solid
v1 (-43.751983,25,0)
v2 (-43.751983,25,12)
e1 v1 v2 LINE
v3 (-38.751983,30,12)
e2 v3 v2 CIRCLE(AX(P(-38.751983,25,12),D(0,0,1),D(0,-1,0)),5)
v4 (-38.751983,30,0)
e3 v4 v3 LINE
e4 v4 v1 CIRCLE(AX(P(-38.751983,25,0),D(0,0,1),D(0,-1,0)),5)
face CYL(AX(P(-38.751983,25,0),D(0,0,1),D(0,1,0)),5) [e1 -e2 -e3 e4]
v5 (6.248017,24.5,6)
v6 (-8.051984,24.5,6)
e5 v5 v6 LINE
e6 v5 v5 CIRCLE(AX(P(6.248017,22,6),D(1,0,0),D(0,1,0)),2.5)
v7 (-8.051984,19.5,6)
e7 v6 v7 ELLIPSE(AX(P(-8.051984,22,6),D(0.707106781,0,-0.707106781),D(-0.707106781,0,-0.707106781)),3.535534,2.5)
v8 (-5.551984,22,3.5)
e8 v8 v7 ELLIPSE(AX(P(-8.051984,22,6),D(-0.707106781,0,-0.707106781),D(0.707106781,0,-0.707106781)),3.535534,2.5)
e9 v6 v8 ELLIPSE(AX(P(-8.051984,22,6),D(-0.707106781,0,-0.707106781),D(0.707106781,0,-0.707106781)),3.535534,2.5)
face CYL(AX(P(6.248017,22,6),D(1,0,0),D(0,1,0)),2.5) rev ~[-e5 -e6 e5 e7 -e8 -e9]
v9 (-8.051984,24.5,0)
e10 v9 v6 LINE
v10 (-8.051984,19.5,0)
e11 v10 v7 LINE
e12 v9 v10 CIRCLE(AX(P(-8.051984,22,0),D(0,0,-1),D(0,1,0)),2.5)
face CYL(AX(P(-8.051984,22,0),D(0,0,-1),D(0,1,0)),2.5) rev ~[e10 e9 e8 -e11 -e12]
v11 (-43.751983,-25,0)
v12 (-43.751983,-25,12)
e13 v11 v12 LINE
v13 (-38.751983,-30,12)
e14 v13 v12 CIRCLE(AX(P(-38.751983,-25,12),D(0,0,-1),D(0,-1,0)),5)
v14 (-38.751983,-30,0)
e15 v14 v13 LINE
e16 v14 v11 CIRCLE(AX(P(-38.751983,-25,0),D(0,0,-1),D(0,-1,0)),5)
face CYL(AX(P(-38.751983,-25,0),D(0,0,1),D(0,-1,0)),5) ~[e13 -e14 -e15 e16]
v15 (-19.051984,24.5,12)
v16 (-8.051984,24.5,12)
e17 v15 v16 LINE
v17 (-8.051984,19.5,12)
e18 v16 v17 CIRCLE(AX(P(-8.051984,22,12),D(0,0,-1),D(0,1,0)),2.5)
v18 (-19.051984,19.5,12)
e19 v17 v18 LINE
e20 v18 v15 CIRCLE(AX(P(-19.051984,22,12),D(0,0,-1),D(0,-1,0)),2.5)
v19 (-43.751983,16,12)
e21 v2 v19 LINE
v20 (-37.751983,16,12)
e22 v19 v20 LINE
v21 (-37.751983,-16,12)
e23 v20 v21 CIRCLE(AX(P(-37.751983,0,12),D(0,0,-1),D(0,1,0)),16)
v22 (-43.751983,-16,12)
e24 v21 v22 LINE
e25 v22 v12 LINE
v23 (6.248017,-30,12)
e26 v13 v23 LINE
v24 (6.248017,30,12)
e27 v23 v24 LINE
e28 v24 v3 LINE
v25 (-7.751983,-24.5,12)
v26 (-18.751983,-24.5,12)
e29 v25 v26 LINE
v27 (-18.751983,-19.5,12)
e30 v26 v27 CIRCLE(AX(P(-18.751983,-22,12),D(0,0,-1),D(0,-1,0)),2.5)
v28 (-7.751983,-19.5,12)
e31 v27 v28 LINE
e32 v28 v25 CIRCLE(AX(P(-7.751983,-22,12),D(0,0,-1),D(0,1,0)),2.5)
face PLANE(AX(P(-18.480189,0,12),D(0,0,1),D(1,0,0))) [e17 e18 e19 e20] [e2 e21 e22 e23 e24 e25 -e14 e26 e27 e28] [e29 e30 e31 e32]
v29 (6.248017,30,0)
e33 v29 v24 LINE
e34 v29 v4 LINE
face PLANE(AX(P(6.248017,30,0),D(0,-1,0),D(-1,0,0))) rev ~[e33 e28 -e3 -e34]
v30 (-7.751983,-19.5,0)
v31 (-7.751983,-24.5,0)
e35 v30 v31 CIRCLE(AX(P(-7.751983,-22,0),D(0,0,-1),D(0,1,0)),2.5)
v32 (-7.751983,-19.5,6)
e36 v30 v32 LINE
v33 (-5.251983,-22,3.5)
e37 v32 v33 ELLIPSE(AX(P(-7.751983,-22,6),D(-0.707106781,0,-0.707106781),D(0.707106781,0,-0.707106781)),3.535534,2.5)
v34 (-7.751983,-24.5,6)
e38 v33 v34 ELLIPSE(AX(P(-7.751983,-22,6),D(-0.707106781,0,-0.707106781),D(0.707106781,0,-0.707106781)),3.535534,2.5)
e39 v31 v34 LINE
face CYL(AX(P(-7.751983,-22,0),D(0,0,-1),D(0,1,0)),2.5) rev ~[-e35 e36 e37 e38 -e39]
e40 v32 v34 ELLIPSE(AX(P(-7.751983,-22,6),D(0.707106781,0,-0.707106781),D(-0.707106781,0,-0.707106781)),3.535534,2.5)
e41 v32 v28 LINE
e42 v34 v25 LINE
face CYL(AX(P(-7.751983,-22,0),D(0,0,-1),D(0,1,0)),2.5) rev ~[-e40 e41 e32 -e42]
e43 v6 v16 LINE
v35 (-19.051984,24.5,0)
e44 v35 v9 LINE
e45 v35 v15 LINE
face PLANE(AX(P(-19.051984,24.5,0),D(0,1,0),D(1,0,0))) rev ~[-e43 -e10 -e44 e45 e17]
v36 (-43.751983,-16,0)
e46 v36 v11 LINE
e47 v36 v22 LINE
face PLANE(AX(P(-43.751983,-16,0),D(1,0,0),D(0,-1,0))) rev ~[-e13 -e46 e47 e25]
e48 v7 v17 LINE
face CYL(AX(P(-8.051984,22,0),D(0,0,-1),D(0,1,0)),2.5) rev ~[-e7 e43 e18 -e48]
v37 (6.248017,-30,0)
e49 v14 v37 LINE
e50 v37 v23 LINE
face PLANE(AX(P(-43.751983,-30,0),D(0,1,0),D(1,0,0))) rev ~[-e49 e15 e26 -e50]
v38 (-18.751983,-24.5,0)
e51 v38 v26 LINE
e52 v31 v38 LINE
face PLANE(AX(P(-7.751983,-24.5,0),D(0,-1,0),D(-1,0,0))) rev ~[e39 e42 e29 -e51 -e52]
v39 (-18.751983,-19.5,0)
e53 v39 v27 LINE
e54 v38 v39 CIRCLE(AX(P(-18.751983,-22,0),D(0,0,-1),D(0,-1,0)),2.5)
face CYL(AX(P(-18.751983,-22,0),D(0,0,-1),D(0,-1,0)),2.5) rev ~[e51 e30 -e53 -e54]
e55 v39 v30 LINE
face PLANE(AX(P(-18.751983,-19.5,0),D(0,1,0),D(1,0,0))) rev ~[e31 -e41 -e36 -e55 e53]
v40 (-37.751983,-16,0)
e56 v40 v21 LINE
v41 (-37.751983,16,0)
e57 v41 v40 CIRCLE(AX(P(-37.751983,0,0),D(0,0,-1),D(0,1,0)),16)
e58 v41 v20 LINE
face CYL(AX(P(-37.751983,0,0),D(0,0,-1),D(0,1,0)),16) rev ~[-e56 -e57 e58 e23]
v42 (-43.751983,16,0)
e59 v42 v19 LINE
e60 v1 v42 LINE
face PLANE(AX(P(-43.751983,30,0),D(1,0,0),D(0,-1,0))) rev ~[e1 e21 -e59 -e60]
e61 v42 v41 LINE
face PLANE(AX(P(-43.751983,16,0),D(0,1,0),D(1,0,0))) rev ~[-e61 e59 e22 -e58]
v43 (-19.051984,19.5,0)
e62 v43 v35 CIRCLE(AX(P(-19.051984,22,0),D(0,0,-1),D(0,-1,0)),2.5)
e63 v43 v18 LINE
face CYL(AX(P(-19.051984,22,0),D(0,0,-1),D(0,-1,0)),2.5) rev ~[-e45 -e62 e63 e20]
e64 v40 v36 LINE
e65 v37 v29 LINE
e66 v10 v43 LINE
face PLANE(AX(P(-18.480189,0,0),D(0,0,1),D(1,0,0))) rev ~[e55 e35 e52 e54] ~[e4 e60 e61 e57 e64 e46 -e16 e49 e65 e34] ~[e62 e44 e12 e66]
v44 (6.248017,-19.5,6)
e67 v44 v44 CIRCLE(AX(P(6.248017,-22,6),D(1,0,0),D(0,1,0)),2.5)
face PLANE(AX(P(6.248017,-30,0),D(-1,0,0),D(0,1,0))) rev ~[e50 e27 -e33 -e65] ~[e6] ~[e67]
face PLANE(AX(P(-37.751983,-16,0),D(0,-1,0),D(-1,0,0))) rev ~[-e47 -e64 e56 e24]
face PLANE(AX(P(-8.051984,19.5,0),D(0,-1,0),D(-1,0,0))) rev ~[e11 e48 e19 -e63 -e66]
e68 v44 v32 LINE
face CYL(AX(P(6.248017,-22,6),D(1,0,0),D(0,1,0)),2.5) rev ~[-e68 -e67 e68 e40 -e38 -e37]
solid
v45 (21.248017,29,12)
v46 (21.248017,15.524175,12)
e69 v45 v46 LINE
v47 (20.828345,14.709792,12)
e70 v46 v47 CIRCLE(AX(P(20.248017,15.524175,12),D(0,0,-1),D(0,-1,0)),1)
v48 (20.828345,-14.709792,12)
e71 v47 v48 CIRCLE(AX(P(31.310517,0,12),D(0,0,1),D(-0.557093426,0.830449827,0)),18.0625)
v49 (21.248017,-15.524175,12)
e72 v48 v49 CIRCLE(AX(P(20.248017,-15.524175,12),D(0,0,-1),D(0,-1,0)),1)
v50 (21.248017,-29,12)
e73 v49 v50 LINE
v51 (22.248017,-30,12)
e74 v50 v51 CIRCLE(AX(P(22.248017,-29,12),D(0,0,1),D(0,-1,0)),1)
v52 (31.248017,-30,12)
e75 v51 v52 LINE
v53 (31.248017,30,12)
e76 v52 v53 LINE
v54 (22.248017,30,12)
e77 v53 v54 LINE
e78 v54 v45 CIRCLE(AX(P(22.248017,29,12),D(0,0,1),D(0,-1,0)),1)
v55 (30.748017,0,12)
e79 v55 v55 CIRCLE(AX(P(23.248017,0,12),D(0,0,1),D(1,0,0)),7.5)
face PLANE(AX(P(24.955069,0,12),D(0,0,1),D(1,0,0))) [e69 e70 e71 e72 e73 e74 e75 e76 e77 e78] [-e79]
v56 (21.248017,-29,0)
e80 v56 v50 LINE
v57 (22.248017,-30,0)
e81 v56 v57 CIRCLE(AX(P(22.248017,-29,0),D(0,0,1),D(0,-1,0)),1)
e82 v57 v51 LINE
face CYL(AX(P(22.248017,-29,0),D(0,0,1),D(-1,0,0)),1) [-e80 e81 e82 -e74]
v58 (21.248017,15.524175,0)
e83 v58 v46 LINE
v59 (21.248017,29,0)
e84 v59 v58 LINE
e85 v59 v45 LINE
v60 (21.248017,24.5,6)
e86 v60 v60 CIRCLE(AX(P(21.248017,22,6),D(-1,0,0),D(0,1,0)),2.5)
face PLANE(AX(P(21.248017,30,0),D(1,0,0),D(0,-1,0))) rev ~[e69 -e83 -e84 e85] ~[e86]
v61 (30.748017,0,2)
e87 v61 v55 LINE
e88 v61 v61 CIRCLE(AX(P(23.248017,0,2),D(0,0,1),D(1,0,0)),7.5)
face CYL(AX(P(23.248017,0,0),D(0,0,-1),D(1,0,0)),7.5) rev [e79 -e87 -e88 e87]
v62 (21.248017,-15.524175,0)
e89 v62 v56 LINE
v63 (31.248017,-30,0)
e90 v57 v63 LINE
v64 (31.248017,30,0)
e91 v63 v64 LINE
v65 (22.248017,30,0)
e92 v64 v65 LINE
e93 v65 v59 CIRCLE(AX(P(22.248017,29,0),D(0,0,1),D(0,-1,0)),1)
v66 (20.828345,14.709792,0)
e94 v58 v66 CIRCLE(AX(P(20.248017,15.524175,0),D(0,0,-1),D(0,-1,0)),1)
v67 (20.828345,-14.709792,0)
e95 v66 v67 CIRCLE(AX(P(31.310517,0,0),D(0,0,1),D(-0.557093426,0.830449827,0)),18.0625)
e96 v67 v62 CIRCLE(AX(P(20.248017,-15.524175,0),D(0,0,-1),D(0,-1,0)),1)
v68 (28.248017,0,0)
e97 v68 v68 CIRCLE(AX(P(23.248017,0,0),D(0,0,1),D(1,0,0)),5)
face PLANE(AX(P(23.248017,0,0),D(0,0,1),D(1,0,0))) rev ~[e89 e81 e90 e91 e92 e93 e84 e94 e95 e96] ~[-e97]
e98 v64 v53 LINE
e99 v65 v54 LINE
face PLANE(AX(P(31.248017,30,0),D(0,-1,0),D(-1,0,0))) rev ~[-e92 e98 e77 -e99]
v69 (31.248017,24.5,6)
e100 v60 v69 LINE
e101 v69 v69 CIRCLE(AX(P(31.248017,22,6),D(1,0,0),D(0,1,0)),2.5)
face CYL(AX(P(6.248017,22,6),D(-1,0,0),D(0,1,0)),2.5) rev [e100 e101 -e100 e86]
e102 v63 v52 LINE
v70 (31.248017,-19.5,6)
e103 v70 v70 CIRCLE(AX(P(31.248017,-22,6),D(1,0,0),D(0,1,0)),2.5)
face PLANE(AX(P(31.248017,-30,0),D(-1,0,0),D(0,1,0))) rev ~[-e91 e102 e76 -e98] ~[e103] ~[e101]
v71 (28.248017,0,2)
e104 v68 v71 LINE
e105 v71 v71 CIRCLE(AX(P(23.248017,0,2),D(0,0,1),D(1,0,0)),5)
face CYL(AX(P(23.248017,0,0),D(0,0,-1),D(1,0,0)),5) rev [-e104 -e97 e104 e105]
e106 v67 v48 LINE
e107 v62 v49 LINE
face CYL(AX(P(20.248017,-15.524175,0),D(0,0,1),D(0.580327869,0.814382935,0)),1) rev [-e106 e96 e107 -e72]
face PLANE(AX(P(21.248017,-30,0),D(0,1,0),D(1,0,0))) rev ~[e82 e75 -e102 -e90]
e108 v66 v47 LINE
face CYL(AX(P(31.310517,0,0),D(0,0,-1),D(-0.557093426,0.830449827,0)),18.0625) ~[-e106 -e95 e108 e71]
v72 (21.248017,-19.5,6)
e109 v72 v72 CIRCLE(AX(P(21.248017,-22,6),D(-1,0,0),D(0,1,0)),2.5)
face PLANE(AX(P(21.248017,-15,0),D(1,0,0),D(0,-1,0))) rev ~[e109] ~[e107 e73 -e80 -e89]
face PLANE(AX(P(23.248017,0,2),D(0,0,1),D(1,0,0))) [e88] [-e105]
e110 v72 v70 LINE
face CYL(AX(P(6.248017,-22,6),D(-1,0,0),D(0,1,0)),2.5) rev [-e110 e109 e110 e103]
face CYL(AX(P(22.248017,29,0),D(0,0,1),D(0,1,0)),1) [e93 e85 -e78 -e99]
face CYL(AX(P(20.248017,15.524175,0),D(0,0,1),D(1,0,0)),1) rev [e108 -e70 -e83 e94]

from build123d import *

# Parameters (mm, degrees)
F1_DEPTH  = 12
F2_R      = 2.5
F3_DEPTH  = 15
F4_R      = 5
F5_R      = 7.5
F6_DEPTH  = 12
F5_R_2    = 5
F7_DEPTH  = 2
F6_FACE_W = 60
F6_FACE_H = 12
F8_DEPTH  = 25
F9_R      = 1


with BuildPart() as f1:
    # F0 (on Top) → F1 (new body)
    with BuildSketch(Plane.XY):
        with BuildLine():
            Line((6.248017, -30), (6.248017, 0))
            Line((6.248017, 0), (6.248017, 30))
            Line((6.248017, 30), (-43.751983, 30))
            Line((-43.751983, 30), (-43.751983, 16))
            Line((-43.751983, 16), (-37.751983, 16))
            ThreePointArc((-37.751983, 16), (-21.751983, 0), (-37.751983, -16))
            Line((-37.751983, -16), (-43.751983, -16))
            Line((-43.751983, -16), (-43.751983, -30))
            Line((-43.751983, -30), (6.248017, -30))
        make_face()
        with BuildLine():
            ThreePointArc((-7.751983, -19.5), (-5.251983, -22), (-7.751983, -24.5))
            Line((-7.751983, -24.5), (-18.751983, -24.5))
            ThreePointArc((-18.751983, -24.5), (-21.251983, -22), (-18.751983, -19.5))
            Line((-18.751983, -19.5), (-7.751983, -19.5))
        make_face(mode=Mode.SUBTRACT)
        with BuildLine():
            ThreePointArc((-8.051984, 24.5), (-5.551984, 22), (-8.051984, 19.5))
            Line((-8.051984, 19.5), (-19.051984, 19.5))
            ThreePointArc((-19.051984, 19.5), (-21.551984, 22), (-19.051984, 24.5))
            Line((-19.051984, 24.5), (-8.051984, 24.5))
        make_face(mode=Mode.SUBTRACT)
    extrude(amount=F1_DEPTH)

    # F2 (on face) → F3 (cut)
    with BuildSketch(Plane.YZ.offset(6.248017)):
        with Locations((-22, 6)):
            Circle(F2_R)
        with Locations((22, 6)):
            Circle(F2_R)
    extrude(amount=-F3_DEPTH, mode=Mode.SUBTRACT)

    # F4
    f4_edges = [f1.edges().sort_by_distance(p)[0] for p in [
        (-43.751983, 30, 6),
        (-43.751983, -30, 6),
    ]]
    fillet(f4_edges, radius=F4_R)


with BuildPart() as f6:
    # F5 (on Top) → F6 (new body)
    with BuildSketch(Plane.XY):
        with BuildLine():
            Line((31.248017, 30), (21.248017, 30))
            Line((21.248017, 30), (21.248017, 15))
            ThreePointArc((21.248017, 15), (13.248017, 0), (21.248017, -15))
            Line((21.248017, -15), (21.248017, -30))
            Line((21.248017, -30), (31.248017, -30))
            Line((31.248017, -30), (31.248017, -15))
            Line((31.248017, -15), (31.248017, 15))
            Line((31.248017, 15), (31.248017, 30))
        make_face()
        with Locations((23.248017, 0)):
            Circle(F5_R, mode=Mode.SUBTRACT)
    extrude(amount=F6_DEPTH)

    # F5 (on Top) → F7 (join)
    with BuildSketch(Plane.XY):
        with Locations((23.248017, 0)):
            Circle(F5_R)
        with Locations((23.248017, 0)):
            Circle(F5_R_2, mode=Mode.SUBTRACT)
    extrude(amount=F7_DEPTH)

    # F2 (on face) + F6_face (on face) → F8 (cut)
    with BuildSketch(Plane.YZ.offset(6.248017)):
        with Locations((-22, 6)):
            Circle(F2_R)
        with Locations((22, 6)):
            Circle(F2_R)
    with BuildSketch(Plane(origin=(31.248017, 0, 6), x_dir=(0, 1, 0), z_dir=(1, 0, 0))):
        Rectangle(F6_FACE_W, F6_FACE_H)
    extrude(amount=F8_DEPTH, mode=Mode.SUBTRACT)

    # F9
    f9_edges = [f6.edges().sort_by_distance(p)[0] for p in [
        (21.248017, 30, 6),
        (21.248017, 15, 6),
        (21.248017, -15, 6),
        (21.248017, -30, 6),
    ]]
    fillet(f9_edges, radius=F9_R)


solid = Compound([f1.part, f6.part])
